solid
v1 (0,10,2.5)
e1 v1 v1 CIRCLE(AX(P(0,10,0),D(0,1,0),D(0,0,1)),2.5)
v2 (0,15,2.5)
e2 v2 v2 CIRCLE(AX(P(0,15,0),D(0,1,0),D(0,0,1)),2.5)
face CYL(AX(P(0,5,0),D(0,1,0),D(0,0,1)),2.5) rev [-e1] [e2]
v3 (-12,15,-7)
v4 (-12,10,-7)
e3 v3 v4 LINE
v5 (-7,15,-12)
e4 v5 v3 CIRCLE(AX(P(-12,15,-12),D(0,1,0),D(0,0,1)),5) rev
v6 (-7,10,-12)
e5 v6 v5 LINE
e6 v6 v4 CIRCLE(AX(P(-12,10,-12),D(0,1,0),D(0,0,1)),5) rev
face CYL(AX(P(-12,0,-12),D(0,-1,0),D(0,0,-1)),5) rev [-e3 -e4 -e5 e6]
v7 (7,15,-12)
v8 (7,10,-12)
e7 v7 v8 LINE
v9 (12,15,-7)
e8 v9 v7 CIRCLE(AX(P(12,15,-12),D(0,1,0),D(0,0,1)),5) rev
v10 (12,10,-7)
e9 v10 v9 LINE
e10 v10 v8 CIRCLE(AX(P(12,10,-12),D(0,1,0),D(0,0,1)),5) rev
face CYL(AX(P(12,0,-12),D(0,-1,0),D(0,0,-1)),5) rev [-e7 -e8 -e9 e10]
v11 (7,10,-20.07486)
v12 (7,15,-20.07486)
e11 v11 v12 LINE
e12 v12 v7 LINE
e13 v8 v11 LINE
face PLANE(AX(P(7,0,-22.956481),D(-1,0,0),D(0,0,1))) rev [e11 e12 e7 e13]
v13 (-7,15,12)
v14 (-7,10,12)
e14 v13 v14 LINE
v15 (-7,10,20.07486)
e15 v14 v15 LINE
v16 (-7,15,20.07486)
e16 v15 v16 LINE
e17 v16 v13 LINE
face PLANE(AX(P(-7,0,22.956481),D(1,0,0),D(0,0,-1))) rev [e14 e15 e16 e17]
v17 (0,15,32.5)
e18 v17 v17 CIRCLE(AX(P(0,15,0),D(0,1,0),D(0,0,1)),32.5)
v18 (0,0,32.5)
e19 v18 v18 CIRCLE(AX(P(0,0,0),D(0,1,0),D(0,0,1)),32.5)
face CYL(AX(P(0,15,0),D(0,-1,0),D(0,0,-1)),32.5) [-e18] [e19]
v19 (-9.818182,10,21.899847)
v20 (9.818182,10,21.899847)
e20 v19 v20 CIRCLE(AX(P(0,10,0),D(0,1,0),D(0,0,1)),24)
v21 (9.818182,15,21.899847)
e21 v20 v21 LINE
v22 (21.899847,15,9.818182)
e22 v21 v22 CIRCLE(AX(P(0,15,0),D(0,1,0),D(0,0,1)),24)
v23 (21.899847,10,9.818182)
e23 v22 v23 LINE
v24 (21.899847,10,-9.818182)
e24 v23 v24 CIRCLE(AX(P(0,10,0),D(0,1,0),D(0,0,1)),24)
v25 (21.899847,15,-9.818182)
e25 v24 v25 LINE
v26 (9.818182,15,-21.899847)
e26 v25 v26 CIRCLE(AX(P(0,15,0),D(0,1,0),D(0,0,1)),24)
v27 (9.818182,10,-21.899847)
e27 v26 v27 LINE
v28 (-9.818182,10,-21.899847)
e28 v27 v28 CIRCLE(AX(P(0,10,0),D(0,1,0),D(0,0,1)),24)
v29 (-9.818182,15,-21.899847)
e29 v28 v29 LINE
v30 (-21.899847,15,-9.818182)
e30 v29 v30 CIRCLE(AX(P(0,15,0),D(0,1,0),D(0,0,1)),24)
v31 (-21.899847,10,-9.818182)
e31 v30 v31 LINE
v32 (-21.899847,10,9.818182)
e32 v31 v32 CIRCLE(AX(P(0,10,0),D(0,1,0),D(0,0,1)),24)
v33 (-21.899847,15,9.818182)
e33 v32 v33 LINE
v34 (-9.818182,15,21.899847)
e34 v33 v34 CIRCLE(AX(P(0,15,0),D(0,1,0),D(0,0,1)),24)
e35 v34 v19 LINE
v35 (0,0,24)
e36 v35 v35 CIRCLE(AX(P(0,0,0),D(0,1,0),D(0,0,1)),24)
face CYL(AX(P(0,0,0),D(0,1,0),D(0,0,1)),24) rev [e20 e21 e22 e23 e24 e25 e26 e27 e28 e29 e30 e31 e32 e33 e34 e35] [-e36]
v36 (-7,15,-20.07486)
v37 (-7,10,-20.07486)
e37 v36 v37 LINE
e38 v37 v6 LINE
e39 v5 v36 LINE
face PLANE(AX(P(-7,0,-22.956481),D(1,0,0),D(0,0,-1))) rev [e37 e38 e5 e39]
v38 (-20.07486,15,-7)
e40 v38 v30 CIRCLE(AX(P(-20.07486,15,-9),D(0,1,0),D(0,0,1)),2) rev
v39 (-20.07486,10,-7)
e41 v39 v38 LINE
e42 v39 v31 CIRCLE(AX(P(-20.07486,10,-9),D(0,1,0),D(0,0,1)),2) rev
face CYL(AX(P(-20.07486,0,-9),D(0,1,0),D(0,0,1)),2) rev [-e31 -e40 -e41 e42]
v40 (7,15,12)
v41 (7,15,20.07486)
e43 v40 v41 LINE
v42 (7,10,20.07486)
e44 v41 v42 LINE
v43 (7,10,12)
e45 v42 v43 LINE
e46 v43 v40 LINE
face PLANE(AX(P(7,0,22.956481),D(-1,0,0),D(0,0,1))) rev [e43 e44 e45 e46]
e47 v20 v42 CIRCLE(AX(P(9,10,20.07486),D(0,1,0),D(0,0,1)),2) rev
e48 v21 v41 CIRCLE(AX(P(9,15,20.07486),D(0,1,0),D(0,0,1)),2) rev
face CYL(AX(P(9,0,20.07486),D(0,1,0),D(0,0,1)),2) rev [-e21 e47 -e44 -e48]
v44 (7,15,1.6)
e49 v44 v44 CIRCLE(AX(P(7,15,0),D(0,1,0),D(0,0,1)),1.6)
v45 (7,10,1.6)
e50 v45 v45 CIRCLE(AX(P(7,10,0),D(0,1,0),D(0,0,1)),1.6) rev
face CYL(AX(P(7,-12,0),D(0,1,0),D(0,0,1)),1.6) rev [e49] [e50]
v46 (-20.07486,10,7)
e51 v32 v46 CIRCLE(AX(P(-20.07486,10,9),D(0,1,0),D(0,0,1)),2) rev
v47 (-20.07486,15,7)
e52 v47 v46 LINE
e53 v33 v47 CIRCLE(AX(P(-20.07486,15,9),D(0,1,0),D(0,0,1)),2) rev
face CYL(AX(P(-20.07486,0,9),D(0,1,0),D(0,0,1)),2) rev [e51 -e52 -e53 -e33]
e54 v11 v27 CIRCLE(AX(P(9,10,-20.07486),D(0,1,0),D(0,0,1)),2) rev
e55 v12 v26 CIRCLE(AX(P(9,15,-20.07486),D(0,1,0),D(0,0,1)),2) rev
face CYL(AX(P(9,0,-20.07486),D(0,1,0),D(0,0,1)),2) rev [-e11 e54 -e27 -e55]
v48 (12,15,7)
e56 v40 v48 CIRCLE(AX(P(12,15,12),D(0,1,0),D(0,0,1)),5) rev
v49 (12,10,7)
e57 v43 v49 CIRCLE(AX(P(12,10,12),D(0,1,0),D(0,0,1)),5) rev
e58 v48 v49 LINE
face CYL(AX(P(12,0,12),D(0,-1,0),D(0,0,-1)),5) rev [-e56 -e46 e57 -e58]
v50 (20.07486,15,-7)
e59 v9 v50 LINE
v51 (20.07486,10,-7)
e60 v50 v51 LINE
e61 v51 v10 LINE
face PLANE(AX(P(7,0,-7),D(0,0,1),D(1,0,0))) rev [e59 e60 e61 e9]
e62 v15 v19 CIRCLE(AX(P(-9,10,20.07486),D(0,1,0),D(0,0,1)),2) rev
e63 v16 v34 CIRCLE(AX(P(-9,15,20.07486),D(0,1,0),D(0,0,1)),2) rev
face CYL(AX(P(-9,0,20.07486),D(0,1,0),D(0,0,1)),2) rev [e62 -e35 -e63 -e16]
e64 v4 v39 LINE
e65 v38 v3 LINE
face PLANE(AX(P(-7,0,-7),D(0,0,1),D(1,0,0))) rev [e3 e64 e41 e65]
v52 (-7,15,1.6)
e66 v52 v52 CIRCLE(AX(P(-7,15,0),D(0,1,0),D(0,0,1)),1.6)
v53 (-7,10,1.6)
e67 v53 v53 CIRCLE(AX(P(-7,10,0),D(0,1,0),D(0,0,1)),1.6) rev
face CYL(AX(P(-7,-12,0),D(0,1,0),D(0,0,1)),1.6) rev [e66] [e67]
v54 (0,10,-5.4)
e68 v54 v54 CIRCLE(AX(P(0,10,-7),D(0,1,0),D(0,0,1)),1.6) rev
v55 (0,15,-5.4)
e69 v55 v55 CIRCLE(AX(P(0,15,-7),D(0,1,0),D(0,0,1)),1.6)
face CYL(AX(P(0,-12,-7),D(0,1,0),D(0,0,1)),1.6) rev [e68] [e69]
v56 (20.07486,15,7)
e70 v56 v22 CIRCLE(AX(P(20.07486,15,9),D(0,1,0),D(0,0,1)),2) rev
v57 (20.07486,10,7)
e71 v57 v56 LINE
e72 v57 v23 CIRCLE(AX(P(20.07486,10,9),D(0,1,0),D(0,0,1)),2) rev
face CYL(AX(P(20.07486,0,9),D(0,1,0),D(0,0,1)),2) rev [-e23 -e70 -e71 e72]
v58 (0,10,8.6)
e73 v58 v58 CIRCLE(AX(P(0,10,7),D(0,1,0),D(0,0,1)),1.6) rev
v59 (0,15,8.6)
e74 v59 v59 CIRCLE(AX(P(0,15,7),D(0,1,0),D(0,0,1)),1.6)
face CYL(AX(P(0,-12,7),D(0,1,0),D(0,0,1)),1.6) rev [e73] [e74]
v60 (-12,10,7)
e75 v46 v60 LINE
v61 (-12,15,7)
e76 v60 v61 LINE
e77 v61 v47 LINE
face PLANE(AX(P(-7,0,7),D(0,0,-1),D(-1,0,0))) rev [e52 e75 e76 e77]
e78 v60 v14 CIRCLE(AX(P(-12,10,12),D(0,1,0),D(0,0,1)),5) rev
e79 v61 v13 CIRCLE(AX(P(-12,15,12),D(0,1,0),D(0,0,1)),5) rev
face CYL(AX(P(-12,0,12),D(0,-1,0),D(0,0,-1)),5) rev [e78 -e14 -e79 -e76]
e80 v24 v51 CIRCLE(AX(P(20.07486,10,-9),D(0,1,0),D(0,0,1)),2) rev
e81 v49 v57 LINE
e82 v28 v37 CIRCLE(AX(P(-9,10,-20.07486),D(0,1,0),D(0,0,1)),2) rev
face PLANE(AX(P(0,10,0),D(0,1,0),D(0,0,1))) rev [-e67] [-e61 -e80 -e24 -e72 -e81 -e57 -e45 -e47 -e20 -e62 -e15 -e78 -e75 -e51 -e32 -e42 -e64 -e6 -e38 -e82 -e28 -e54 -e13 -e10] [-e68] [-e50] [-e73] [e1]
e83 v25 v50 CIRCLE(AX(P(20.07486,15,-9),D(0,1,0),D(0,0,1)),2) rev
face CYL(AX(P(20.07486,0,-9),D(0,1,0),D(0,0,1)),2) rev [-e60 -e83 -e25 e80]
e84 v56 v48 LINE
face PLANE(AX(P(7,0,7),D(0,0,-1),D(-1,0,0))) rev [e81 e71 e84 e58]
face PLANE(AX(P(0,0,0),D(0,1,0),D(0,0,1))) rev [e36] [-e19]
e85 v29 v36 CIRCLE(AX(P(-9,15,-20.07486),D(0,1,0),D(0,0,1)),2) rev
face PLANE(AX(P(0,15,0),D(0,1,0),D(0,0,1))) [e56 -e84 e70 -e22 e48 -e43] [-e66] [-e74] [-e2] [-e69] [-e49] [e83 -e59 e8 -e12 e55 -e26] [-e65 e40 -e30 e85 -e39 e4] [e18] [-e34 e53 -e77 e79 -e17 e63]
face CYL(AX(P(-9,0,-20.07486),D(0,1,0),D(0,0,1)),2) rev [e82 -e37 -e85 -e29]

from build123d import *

# Parameters (mm, degrees)
SKETCH_1_R          = 32.5
EXTRUDE_1_DEPTH     = 15
SKETCH_2_R          = 1.6
CUT_EXTRUDE_1_DEPTH = 27
CUT_EXTRUDE_2_DEPTH = 15
FILLET_1_R          = 5
FILLET_2_R          = 2
CUT_EXTRUDE_START   = 10
SKETCH_4_R          = 24
CUT_EXTRUDE_3_DEPTH = 10
SKETCH_5_R          = 2.5
CUT_EXTRUDE_4_DEPTH = 10


with BuildPart() as part:
    # 草图1 → 凸台-拉伸1 (new body)
    with BuildSketch(Plane(origin=(0, 0, 0), x_dir=(1, 0, 0), z_dir=(0, 1, 0))):
        with Locations(Location((0, 0, 0), (0, 0, 270))):
            Circle(SKETCH_1_R)
    extrude(amount=EXTRUDE_1_DEPTH)

    # 草图2 → 切除-拉伸1 (cut)
    with BuildSketch(Plane(origin=(0, 15, 0), x_dir=(1, 0, 0), z_dir=(0, 1, 0))):
        with Locations(Location((7, 0, 0), (0, 0, 270))):
            Circle(SKETCH_2_R)
        with Locations(Location((0, -7, 0), (0, 0, 270))):
            Circle(SKETCH_2_R)
        with Locations(Location((-7, 0, 0), (0, 0, 270))):
            Circle(SKETCH_2_R)
        with Locations(Location((0, 7, 0), (0, 0, 270))):
            Circle(SKETCH_2_R)
    extrude(amount=-CUT_EXTRUDE_1_DEPTH, mode=Mode.SUBTRACT)

    # 草图3 → 切除-拉伸2 (cut)
    with BuildSketch(Plane(origin=(0, 15, 0), x_dir=(1, 0, 0), z_dir=(0, 1, 0))):
        with BuildLine():
            Line((7, 22.956480566), (7, 7))
            Line((7, 7), (22.956480566, 7))
            ThreePointArc((22.956480566, 7), (16.970562748, 16.970562748), (7, 22.956480566))
        make_face()
        with BuildLine():
            Line((-7, 7), (-22.956480566, 7))
            ThreePointArc((-22.956480566, 7), (-16.970562748, 16.970562748), (-7, 22.956480566))
            Line((-7, 22.956480566), (-7, 7))
        make_face()
        with BuildLine():
            Line((7, -7), (22.956480566, -7))
            ThreePointArc((22.956480566, -7), (16.970562748, -16.970562748), (7, -22.956480566))
            Line((7, -22.956480566), (7, -7))
        make_face()
        with BuildLine():
            Line((-7, -7), (-22.956480566, -7))
            ThreePointArc((-22.956480566, -7), (-16.970562748, -16.970562748), (-7, -22.956480566))
            Line((-7, -22.956480566), (-7, -7))
        make_face()
    extrude(amount=-CUT_EXTRUDE_2_DEPTH, mode=Mode.SUBTRACT)

    # 圆角1
    fillet_1_edges = [part.edges().sort_by_distance(p)[0] for p in [
        (-7, 7.5, -7),
        (7, 7.5, 7),
        (-7, 7.5, 7),
        (7, 7.5, -7),
    ]]
    fillet(fillet_1_edges, radius=FILLET_1_R)

    # 圆角2
    fillet_2_edges = [part.edges().sort_by_distance(p)[0] for p in [
        (-7, 7.5, -22.956480566),
        (-22.956480566, 7.5, -7),
        (7, 7.5, 22.956480566),
        (22.956480566, 7.5, 7),
        (-7, 7.5, 22.956480566),
        (-22.956480566, 7.5, 7),
        (7, 7.5, -22.956480566),
        (22.956480566, 7.5, -7),
    ]]
    fillet(fillet_2_edges, radius=FILLET_2_R)

    # 草图4 → 切除-拉伸3 (cut)
    with BuildSketch(Plane(origin=(0, 0, 0), x_dir=(1, 0, 0), z_dir=(0, 1, 0)).offset(CUT_EXTRUDE_START)):
        with Locations(Location((0, 0, 0), (0, 0, 270))):
            Circle(SKETCH_4_R)
    extrude(amount=-CUT_EXTRUDE_3_DEPTH, mode=Mode.SUBTRACT)

    # 草图5 → 切除-拉伸4 (cut)
    with BuildSketch(Plane(origin=(0, 15, 0), x_dir=(1, 0, 0), z_dir=(0, 1, 0))):
        with Locations(Location((0, 0, 0), (0, 0, 270))):
            Circle(SKETCH_5_R)
    extrude(amount=-CUT_EXTRUDE_4_DEPTH, mode=Mode.SUBTRACT)


solid = part.part
